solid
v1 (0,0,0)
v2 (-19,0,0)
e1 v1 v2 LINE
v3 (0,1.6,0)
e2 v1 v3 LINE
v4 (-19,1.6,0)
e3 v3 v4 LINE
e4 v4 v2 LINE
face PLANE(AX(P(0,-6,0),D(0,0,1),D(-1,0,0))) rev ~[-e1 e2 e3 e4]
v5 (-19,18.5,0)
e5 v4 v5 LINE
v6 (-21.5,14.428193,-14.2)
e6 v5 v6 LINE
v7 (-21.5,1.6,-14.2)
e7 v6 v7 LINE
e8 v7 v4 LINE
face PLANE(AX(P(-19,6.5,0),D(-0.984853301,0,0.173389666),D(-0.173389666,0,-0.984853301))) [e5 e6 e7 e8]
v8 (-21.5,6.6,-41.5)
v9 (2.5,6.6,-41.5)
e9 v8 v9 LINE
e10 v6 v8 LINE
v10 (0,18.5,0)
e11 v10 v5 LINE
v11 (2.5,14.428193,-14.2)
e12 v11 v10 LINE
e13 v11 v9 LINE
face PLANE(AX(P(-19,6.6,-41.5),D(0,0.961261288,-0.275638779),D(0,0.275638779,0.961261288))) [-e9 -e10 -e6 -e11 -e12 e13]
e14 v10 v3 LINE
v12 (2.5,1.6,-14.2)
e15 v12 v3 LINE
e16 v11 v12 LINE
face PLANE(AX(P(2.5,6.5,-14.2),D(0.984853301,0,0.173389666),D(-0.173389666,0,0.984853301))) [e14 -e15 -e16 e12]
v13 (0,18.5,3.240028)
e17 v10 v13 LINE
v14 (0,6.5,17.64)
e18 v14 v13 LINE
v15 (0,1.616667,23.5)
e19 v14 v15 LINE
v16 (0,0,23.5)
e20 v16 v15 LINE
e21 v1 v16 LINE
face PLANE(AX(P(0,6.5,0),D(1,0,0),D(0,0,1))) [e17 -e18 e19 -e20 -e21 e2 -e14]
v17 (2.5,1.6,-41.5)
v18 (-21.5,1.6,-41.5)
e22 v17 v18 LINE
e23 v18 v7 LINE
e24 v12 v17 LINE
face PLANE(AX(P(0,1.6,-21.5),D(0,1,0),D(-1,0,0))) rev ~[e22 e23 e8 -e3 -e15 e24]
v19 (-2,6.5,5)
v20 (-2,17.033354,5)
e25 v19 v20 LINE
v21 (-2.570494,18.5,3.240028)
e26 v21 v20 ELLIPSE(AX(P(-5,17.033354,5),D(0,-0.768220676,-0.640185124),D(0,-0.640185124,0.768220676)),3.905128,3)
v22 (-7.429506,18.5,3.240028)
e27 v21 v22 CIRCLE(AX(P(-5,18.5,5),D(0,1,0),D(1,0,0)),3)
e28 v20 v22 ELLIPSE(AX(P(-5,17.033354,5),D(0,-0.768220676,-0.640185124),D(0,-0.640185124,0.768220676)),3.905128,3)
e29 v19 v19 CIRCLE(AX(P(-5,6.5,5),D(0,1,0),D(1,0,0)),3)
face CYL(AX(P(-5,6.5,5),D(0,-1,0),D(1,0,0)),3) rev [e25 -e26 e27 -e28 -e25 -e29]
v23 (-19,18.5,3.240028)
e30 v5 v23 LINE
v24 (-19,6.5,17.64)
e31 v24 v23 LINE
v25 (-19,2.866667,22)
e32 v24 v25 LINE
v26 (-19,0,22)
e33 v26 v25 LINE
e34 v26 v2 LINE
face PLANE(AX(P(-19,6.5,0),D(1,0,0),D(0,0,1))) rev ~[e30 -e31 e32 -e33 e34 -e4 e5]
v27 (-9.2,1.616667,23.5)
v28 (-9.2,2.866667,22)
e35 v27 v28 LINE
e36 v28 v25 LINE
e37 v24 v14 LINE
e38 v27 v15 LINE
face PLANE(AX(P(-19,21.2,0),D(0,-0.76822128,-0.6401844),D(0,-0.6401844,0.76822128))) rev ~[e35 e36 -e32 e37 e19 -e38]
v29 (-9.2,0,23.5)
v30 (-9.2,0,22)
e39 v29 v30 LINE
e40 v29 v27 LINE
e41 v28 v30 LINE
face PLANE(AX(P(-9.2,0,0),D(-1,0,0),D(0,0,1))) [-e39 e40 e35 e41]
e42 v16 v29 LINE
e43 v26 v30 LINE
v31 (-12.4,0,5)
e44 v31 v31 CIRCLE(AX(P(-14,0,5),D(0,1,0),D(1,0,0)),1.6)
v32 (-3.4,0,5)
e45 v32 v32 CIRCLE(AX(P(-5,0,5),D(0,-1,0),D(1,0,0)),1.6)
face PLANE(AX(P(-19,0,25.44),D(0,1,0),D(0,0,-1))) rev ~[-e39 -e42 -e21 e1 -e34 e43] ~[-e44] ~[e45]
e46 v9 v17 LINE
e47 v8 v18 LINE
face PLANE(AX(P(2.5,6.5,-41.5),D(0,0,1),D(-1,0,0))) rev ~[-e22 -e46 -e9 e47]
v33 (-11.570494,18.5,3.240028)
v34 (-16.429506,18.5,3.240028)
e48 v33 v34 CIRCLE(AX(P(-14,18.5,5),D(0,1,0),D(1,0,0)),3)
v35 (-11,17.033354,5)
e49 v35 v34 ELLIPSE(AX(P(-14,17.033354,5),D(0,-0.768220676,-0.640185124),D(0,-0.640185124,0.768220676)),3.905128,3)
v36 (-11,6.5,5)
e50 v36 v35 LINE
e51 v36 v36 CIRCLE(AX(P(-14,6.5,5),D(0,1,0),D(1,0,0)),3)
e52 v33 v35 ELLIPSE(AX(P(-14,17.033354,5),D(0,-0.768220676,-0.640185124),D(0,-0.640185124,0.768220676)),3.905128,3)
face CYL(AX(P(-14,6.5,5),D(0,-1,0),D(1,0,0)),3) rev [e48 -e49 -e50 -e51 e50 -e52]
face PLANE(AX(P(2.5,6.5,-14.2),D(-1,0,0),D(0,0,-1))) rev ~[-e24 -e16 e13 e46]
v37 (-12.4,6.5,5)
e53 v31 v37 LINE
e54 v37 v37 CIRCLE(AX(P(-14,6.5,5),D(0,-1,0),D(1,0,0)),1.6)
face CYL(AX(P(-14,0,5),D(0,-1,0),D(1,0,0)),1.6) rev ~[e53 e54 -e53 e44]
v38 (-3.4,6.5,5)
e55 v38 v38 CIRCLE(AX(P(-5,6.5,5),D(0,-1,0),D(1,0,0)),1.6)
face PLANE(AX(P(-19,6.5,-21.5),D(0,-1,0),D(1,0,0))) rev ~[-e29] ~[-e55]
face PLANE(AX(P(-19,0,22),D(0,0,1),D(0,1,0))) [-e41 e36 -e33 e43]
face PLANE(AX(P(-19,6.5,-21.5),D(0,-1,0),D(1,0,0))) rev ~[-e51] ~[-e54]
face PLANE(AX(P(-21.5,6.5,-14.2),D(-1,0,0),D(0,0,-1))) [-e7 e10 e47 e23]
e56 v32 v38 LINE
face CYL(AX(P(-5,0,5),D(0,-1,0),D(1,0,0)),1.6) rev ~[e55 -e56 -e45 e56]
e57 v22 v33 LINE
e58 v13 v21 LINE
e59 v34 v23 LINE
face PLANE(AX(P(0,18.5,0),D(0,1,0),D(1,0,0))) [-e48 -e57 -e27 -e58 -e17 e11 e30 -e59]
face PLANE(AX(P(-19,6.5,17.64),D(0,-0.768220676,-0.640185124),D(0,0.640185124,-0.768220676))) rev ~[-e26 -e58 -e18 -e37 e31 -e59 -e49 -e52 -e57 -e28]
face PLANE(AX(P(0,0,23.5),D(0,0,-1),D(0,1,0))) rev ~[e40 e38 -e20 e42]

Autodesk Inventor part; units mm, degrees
sketch "Sketch2" plane through (0, 0, 0) normal (0, 1, 0) x (-1, 0, 0)
  line L0 (0, 0) -> (19, 0)
  line L1 (19, 0) -> (19, 22)
  line L2 (19, 22) -> (0, 22)
  line L3 (0, 22) -> (0, 0)
  line L4 (19, 22) -> (14, 22)
  line L5 (14, 22) -> (14, 5)
  line L6 (14, 5) -> (19, 5)
  line L7 (19, 5) -> (19, 22)
  line L8 (0, 22) -> (5, 22)
  line L9 (5, 22) -> (5, 5)
  line L10 (5, 5) -> (0, 5)
  line L11 (0, 5) -> (0, 22)
  circle A0 centre (14, 5) radius 1.7
  circle A1 centre (5, 5) radius 1.7
  dimension "d0" = 19
  dimension "d1" = 22
  dimension "d2" = 5
  dimension "d3" = 17
  dimension "d4" = 5
  dimension "d5" = 17
  dimension "d6" = 3.4
  dimension "d7" = 3.4
extrude "Extrusion1" add sketch "Sketch2" along normal blind 17.2 contours L3 L10 A1 L9 L2 L5 A0 L6 L1 L0 | L3 L2 L9 A1 L10 | L6 A0 L5 L2 L1
sketch "Sketch4" plane through (0, 0, 22) normal (1, 0, 0) x (0, 0, -1)
  line L0 (0, 0) -> (17.2, 0)
  line L1 (17.2, 0) -> (-6, 0)
  line L2 (-6, 0) -> (-6, -60)
  line L3 (-6, -60) -> (17.2, -60)
  line L4 (17.2, -60) -> (17.2, 0)
  line L5 (0, 0) -> (17.2, 0)
  line L6 (17.2, 0) -> (-6, 0)
  line L7 (-6, 0) -> (-6, -60)
  line L8 (-6, -60) -> (17.2, -60)
  line L9 (17.2, -60) -> (17.2, 0)
  line L10 (0, 0) -> (22, 0) projected
  line L11 (22, 0) -> (22, -6)
  line L12 (22, -6) -> (82, -6)
  line L13 (82, -6) -> (82, 17.2)
  line L14 (82, 17.2) -> (22, 17.2)
  line L15 (22, 17.2) -> (22, -6)
  point P0 (0, 22)
  point P1 (0, 22)
  dimension "d15" = 23.2
  dimension "d16" = 60
  dimension "d17" = 23.2
  dimension "d18" = 60
  dimension "d19" = 6
  dimension "d20" = 60
  dimension "d21" = 23.2
extrude "Extrusion2" add sketch "Sketch4" against normal blind 19 contours L15 L14 L13 L12 L11
sketch "Sketch5" plane through (0, -6, -60) normal (0, -1, 0) x (1, 0, 0)
  line L0 (0, 82) -> (0, 0) projected
  line L1 (-19, 82) -> (-19, 0) projected
  line L2 (0, 0) -> (-19, 0)
  line L3 (-19, 0) -> (-19, 38.5)
  line L4 (-19, 38.5) -> (0, 38.5)
  line L5 (0, 38.5) -> (0, 0)
  point P0 (0, 60)
  dimension "d24" = 38.5
extrude "Extrusion3" cut sketch "Sketch5" against normal blind 18.2
sketch "Sketch6" plane through (0, 17.2, 0) normal (0, 1, 0) x (1, 0, 0)
  line L0 (0, -22) -> (0, 0) projected
  line L1 (-19, 21.5) -> (-19, 0) projected
  line L2 (0, -22) -> (-19, -22)
  line L3 (-19, -22) -> (-19, 0)
  line L4 (-19, 0) -> (0, 0)
  line L5 (0, 0) -> (0, -22)
  dimension "d27" = 22
extrude "Extrusion4" cut sketch "Sketch6" against normal blind 10
sketch "Sketch7" plane through (0, 17.2, 0) normal (0, 1, 0) x (1, 0, 0)
  line L0 (0, -22) -> (0, 0) projected
  line L1 (0, 0) -> (-19, 0) projected
  line L2 (0, 0) -> (-19, 0)
  line L3 (-9.5, 0) -> (6.4, 0)
  line L4 (6.4, 0) -> (6.4, 21.5)
  line L5 (0, 0) -> (0, 21.5) projected
  line L6 (6.4, 21.5) -> (0, 21.5)
  line L7 (0, 21.5) -> (0, 0)
  line L8 (0, 0) -> (6.4, 0)
  line L9 (6.4, 0) -> (6.4, 21.5)
  line L10 (-19, 21.5) -> (-19, 0) projected
  line L11 (-9.5, 0) -> (-19, 0)
  line L12 (-19, 0) -> (-19, 21.5)
  line L13 (-19, 21.5) -> (-9.5, 21.5)
  line L14 (-9.5, 21.5) -> (-9.5, 0)
  line L15 (-9.5, 0) -> (-25.4, 0)
  line L16 (-25.4, 0) -> (-25.4, 21.5)
  line L17 (-25.4, 21.5) -> (-9.5, 21.5)
  line L18 (-9.5, 21.5) -> (-9.5, 0)
  line L19 (6.4, 21.5) -> (0, 0)
  line L20 (-25.4, 21.5) -> (-19, 0)
  dimension "d30" = 15.9
  dimension "d31" = 21.5
  dimension "d32" = 15.9
extrude "Extrusion5" add sketch "Sketch7" against normal blind 23.2 contours L5 L6 L19 | L20 L17 L10
sketch "Sketch8" plane through (0, 17.2, 0) normal (0, 1, 0) x (1, 0, 0)
  line L0 (6.4, 21.5) -> (0, 0) projected
  line L1 (0, 21.5) -> (0, 60) projected
  line L2 (6.4, 21.5) -> (0, 21.5)
  line L3 (0, 21.5) -> (0, 60)
  line L4 (0, 60) -> (6.4, 60)
  line L5 (6.4, 60) -> (6.4, 21.5)
  line L6 (-19, 60) -> (-19, 21.5) projected
  line L7 (-19, 0) -> (-25.4, 21.5) projected
  line L8 (-19, 60) -> (-25.4, 60)
  line L9 (-25.4, 60) -> (-25.4, 21.5)
  line L10 (-25.4, 21.5) -> (-19, 21.5)
  line L11 (-19, 21.5) -> (-19, 60)
extrude "Extrusion6" add sketch "Sketch8" against normal blind 5
chamfer "Chamfer1" [suppressed]
ref_plane "Work Plane1" through (-25.4, 8, -21.5) normal (0, -1, 0) x (1, 0, 0)
chamfer "Chamfer4" distance 12 angle 25 1 edges at (-9.5, 7.2, 22) measured on face at (-10.7991, 7.2, 16.8632)
sketch "Sketch10" plane through (0, 12.2, -60) normal (0, -1, 0) x (1, 0, 0)
  line L0 (-25.4, 38.5) -> (6.4, 38.5)
  line L1 (-25.4, 38.5) -> (6.4, 38.5)
  line L2 (-9.5, 38.5) -> (-9.5, 26)
  line L3 (-9.5, 26) -> (-9.5, 6)
  line L4 (-9.5, 16) -> (-19.5, 16)
  line L5 (-19.5, 16) -> (0.5, 16)
  circle A0 centre (-19.5, 16) radius 1.7
  circle A1 centre (-9.5, 6) radius 1.7
  circle A2 centre (-9.5, 26) radius 1.7
  circle A3 centre (0.5, 16) radius 1.7
  point P0 (0, 60)
  point P1 (0, 60)
  dimension "d70" = 12.5
  dimension "d71" = 20
  dimension "d72" = 10
  dimension "d73" = 20
  dimension "d74" = 3.4
  dimension "d75" = 3.4
  dimension "d76" = 3.4
  dimension "d77" = 3.4
extrude "Extrusion9" cut sketch "Sketch10" against normal blind 10
sketch "Sketch11" plane through (0, 17.2, 0) normal (0, 1, 0) x (1, 0, 0)
  circle A0 centre (0.5, 44) radius 1.7 projected
  circle A1 centre (0.5, 44) radius 3.25
  circle A2 centre (-9.5, 54) radius 1.7 projected
  circle A3 centre (-9.5, 54) radius 3.25
  circle A4 centre (-19.5, 44) radius 1.7 projected
  circle A5 centre (-19.5, 44) radius 3.25
  circle A6 centre (-9.5, 34) radius 1.7 projected
  circle A7 centre (-9.5, 34) radius 3.25
  point P0 (0, 60)
  dimension "d84" = 6.5
  dimension "d85" = 6.5
  dimension "d86" = 6.5
  dimension "d87" = 6.5
extrude "Extrusion10" cut sketch "Sketch11" against normal blind 3 contours A1 | A2 | A3 | A4 | A5 | A6 | A7
ref_plane "Work Plane2" through (-9.5, 17.2, -60) normal (-1, 0, 0) x (0, 0, 1)
chamfer "Chamfer6" [suppressed]
sketch "l" plane through (-19, 0, 0) normal (-1, 0, 0) x (0, 0, 1)
  line L0 (22, 1.6043) -> (10, 7.2) projected
  line L1 (10, 7.2) -> (32.2401, -3.1707)
  line L2 (0, 0) -> (22, 0) projected
  line L3 (0, 0) -> (30.1828, 0)
  line L4 (22, 0) -> (23.5, 0)
  line L5 (23.5, 0) -> (23.5, 4.1635)
  line L6 (22, 0) -> (22, 1.6043) projected
  line L7 (22, 1.6043) -> (22, 0)
  point P0 (23.5, 0.9048)
  dimension "d104" = 1.5
extrude "Extrusion12" add sketch "l" against normal blind 9.2 contours L1 L5 L3 L6
sketch "Sketch14" plane through (-19, 0, 0) normal (-1, 0, 0) x (0, 0, 1)
  line L0 (0, 17.2) -> (25.44, 17.2)
  line L1 (25.44, 17.2) -> (25.44, 0)
  line L2 (25.44, 0) -> (0, 0)
  line L3 (0, 0) -> (0, 17.2)
  line L4 (0, 17.2) -> (25.44, 0)
  dimension "d107" = 25.44
extrude "Extrusion13" add sketch "Sketch14" against normal blind 19 contours L4 L2 L3
sketch "Sketch15" plane through (0, 0, 0) normal (0, -1, 0) x (1, 0, 0)
  line L0 (6.4, -21.5) -> (0, 0) projected
  line L1 (0, 0) -> (0, 5)
  line L2 (0, 25.44) -> (0, 0) projected
  line L3 (0, 5) -> (0, 10)
  line L4 (0, 5) -> (-5, 5)
  line L5 (0, 0) -> (-19, 0) projected
  line L6 (-19, 0) -> (-19, 5)
  line L7 (-19, 0) -> (-19, 25.44) projected
  line L8 (-19, 5) -> (-14, 5)
  circle A0 centre (-14, 5) radius 1.6
  circle A1 centre (-5, 5) radius 1.6
  point P0 (0.5177, -1.7393)
  point P1 (0.9, -3.0234)
  dimension "d110" = 5
  dimension "d111" = 5
  dimension "d112" = 5
  dimension "d113" = 5
  dimension "d114" = 5
  dimension "d115" = 3.2
  dimension "d116" = 3.2
extrude "Extrusion14" cut sketch "Sketch15" against normal blind 19
ref_plane "Work Plane3" through (0, 6.5, 0) normal (0, -1, 0) x (1, 0, 0)
sketch "Sketch16" plane through (0, 6.5, 0) normal (0, -1, 0) x (1, 0, 0)
  circle A0 centre (-14, 5) radius 1.6 projected
  circle A1 centre (-14, 5) radius 3
  circle A2 centre (-5, 5) radius 1.6 projected
  circle A3 centre (-5, 5) radius 3
  point P0 (0, 0)
  dimension "d120" = 6
  dimension "d121" = 6
extrude "Extrusion15" cut sketch "Sketch16" against normal blind 19
sketch "Sketch17" plane through (0, 17.2, 0) normal (0, 1, 0) x (1, 0, 0)
  line L0 (6.4, 60) -> (-25.4, 60) projected
  line L1 (0, 0) -> (6.4, 21.5) projected
  line L2 (6.4, 60) -> (6.4, 21.5)
  line L3 (0, 0) -> (-19, 0) projected
  line L4 (6.4, 21.5) -> (0, 0)
  line L5 (0, 0) -> (-19, 0)
  line L6 (-19, 0) -> (-25.4, 21.5)
  line L7 (-25.4, 21.5) -> (-25.4, 60)
  line L8 (-25.4, 60) -> (6.4, 60)
  circle A0 centre (-9.5, 54) radius 3.25 projected
  circle A1 centre (-9.5, 54) radius 3.25
  circle A2 centre (0.5, 44) radius 1.7 projected
  circle A3 centre (0.5, 44) radius 3.25
  circle A4 centre (-9.5, 34) radius 1.7 projected
  circle A5 centre (-9.5, 34) radius 3.25
  circle A6 centre (-19.5, 44) radius 1.7 projected
  circle A7 centre (-19.5, 44) radius 3.25
extrude "Extrusion16" add sketch "Sketch17" along normal blind 4 contours L2 L1 L3 L6 L7 L0
sketch "Sketch18" plane through (-19, 0, 0) normal (-1, 0, 0) x (0, 0, 1)
  line L0 (0, 21.2) -> (25.44, 0)
  line L1 (25.44, 0) -> (0, 17.2)
  line L2 (0, 17.2) -> (0, 21.2) projected
  line L3 (0, 17.2) -> (0, 21.2)
  point P0 (0, 0)
extrude "Extrusion17" add sketch "Sketch18" against normal blind 19
extrude "Extrusion18" cut sketch "Sketch16" against normal blind 19 contours A0 | A1 | A2 | A3
sketch "Sketch20" plane through (0, 0, 25.44) normal (1, 0, 0) x (0, 0, -1)
  line L0 (25.44, 0) -> (0, 0) projected
  line L1 (0, 0) -> (1.94, 0)
  line L2 (1.94, 0) -> (1.94, 2.92)
  line L3 (1.94, 2.92) -> (0, 2.92)
  line L4 (0, 2.92) -> (0, 0)
  point P0 (1.94, 0)
  dimension "d148" = 1.94
extrude "Extrusion19" cut sketch "Sketch20" against normal blind 9.2
sketch "Sketch21" plane through (-19, 0, 0) normal (-1, 0, 0) x (0, 0, 1)
  line L0 (25.44, 0) -> (0, 21.2) projected
  line L1 (25.44, 0) -> (22, 0)
  line L2 (22, 0) -> (22, 4.8404)
  line L3 (22, 4.8404) -> (25.44, 4.8404)
  line L4 (25.44, 4.8404) -> (25.44, 0)
  point P0 (0, 0)
  point P1 (16.0198, 7.8502)
  dimension "d151" = 3.44
extrude "Extrusion20" cut sketch "Sketch21" against normal blind 9.8
sketch "Sketch22" plane through (-25.4, -6, -21.5) normal (0, -1, 0) x (1, 0, 0)
  line L0 (0, 0) -> (6.4, 21.5)
  line L1 (25.4, 21.5) -> (6.4, 21.5) projected
  line L2 (6.4, 21.5) -> (25.4, 21.5)
  line L3 (25.4, 21.5) -> (31.8, 0)
  line L4 (6.4, 21.5) -> (0, 0) projected
  line L5 (31.8, 0) -> (0, 0)
extrude "Extrusion21" cut sketch "Sketch22" against normal blind 7.6
sketch "Sketch23" plane through (-25.4, 1.6, -21.5) normal (0, -1, 0) x (1, 0, 0)
  line L0 (0, 0) -> (6.4, 21.5) projected
  line L1 (6.4, 21.5) -> (-4.398, 21.5)
  line L2 (-4.398, 21.5) -> (-4.398, -43.3957)
  line L3 (-4.398, -43.3957) -> (6.4, -43.3957)
  line L4 (6.4, -43.3957) -> (6.4, 21.5)
  line L5 (25.4, 21.5) -> (31.8, 0) projected
  line L6 (25.4, 21.5) -> (33.9316, 21.5)
  line L7 (33.9316, 21.5) -> (33.9316, -42.1701)
  line L8 (33.9316, -42.1701) -> (25.4, -42.1701)
  line L9 (25.4, -42.1701) -> (25.4, 21.5)
  line L10 (0, 0) -> (31.8, 0) projected
  line L11 (31.8, -38.5) -> (0, -38.5) projected
  line L12 (0, 0) -> (31.8, 0)
  line L13 (31.8, 0) -> (31.8, -38.5)
  line L14 (31.8, -38.5) -> (0, -38.5)
  line L15 (0, -38.5) -> (0, 0)
  point P0 (0, -38.5)
  point P1 (25.4, 0)
  point P2 (6.4, 0)
extrude "Extrusion22" cut sketch "Sketch23" against normal blind 40 contours L0 L4 L10 | L10 L4 L11 L15 | L10 L9 L11 L4 | L10 L13 L11 L9 | L9 L5 L10
sketch "Sketch25" plane through (0, 21.2, 0) normal (0, 1, 0) x (1, 0, 0)
  line L0 (8.5307, 32.4307) -> (-26.8903, 32.4307)
  line L1 (-26.8903, 32.4307) -> (-26.8903, -40.3587)
  line L2 (-26.8903, -40.3587) -> (8.5307, -40.3587)
  line L3 (8.5307, -40.3587) -> (8.5307, 32.4307)
  point P0 (0, 0)
extrude "Extrusion23" cut sketch "Sketch25" against normal blind 14.7
sketch "Sketch26" plane through (0, 6.5, -21.5) normal (0, 0, -1) x (-1, 0, 0)
  line L0 (0, -4.9) -> (19, -4.9) projected
  line L1 (19, -3.6333) -> (19, 0) projected
  line L2 (0, -4.9) -> (19, -4.9)
  line L3 (19, -4.9) -> (19, 0)
  line L4 (19, 0) -> (0, 0)
  line L5 (0, 0) -> (0, -4.9)
  point P0 (0, -6.5)
extrude "Extrusion24" add sketch "Sketch26" along normal blind 20
sketch "Sketch27" plane through (-25.4, 1.6, -21.5) normal (0, -1, 0) x (1, 0, 0)
  line L0 (6.4, 39.14) -> (6.4, -20) projected
  line L1 (6.4, -20) -> (3.9, -20)
  line L2 (3.9, -20) -> (3.9, 21.5)
  line L3 (3.9, 21.5) -> (6.4, 21.5)
  line L4 (6.4, 21.5) -> (6.4, -20)
  line L5 (25.4, 45) -> (25.4, 21.5) projected
  line L6 (25.4, 21.5) -> (27.9, 21.5)
  line L7 (27.9, 21.5) -> (27.9, -20)
  line L8 (27.9, -20) -> (25.4, -20)
  line L9 (25.4, -20) -> (25.4, 21.5)
  point P0 (6.4, 21.5)
  dimension "d165" = 2.5
  dimension "d166" = 2.5
extrude "Extrusion25" add sketch "Sketch27" against normal blind 4.9
sketch "Sketch28" plane through (-25.4, 1.6, -21.5) normal (0, -1, 0) x (1, 0, 0)
  line L0 (6.4, 39.14) -> (6.4, 21.5) projected
  line L1 (6.4, 21.5) -> (6.4, 7.3)
  line L2 (6.4, 7.3) -> (2.4289, 7.3)
  line L3 (3.9, -20) -> (3.9, 21.5) projected
  line L4 (6.4, 21.5) -> (25.4, 21.5) projected
  line L5 (3.9, 7.3) -> (6.4, 21.5)
  line L6 (3.9, 21.5) -> (6.4, 21.5)
  line L7 (6.4, 21.5) -> (6.4, 7.3)
  line L8 (6.4, 7.3) -> (3.9, 7.3)
  line L9 (3.9, 7.3) -> (3.9, 21.5)
  line L10 (15.9, 21.5) -> (15.9, 25.242)
  line L11 (15.9, 25.242) -> (15.9, 16.8089)
  line L12 (25.4, 39.14) -> (25.4, 21.5)
  line L13 (25.4, 21.5) -> (25.4, 7.3)
  line L14 (25.4, 7.3) -> (29.3711, 7.3)
  line L15 (27.9, -20) -> (27.9, 21.5)
  line L16 (25.4, 21.5) -> (6.4, 21.5)
  line L17 (27.9, 7.3) -> (25.4, 21.5)
  line L18 (27.9, 21.5) -> (25.4, 21.5)
  line L19 (25.4, 21.5) -> (25.4, 7.3)
  line L20 (25.4, 7.3) -> (27.9, 7.3)
  line L21 (27.9, 7.3) -> (27.9, 21.5)
  point P0 (6.4, 21.5)
  dimension "d169" = 14.2
extrude "Extrusion26" cut sketch "Sketch28" against normal blind 10 contours L18 L15 L17 | L5 L3 L6
sketch "Sketch29" plane through (0, 6.5, 0) normal (0, 1, 0) x (1, 0, 0)
  line L0 (-19, -22) -> (-19, -17.64) projected
  line L1 (-19, 0) -> (-19, -22) projected
  line L2 (-19, -17.64) -> (-19, 0)
  line L3 (-21.5, 14.2) -> (-21.5, 41.5) projected
  line L4 (-19, 0) -> (-21.5, 14.2)
  line L5 (-21.5, 14.2) -> (-21.5, 41.5)
  line L6 (2.5, 41.5) -> (-21.5, 41.5) projected
  line L7 (-21.5, 41.5) -> (2.5, 41.5)
  line L8 (2.5, 14.2) -> (2.5, 41.5) projected
  line L9 (2.5, 41.5) -> (2.5, 14.2)
  line L10 (2.5, 14.2) -> (0, 0)
  line L11 (0, -17.64) -> (-19, -17.64) projected
  line L12 (0, 0) -> (0, -17.64)
  line L13 (0, -17.64) -> (-19, -17.64)
  circle A0 centre (-14, -5) radius 1.6 projected
  circle A1 centre (-14, -5) radius 3
  circle A2 centre (-5, -5) radius 1.6 projected
  circle A3 centre (-5, -5) radius 3
  dimension "d172" = 6
  dimension "d173" = 6
extrude "Extrusion27" add sketch "Sketch29" along normal blind 12 contours L4 L3 L6 L8 L10 L12 L11 L1
sketch "Sketch30" plane through (-19, 0, 22) normal (-1, 0, 0) x (0, 0, 1)
  line L0 (-4.36, 6.5) -> (1.5, 1.6167) projected
  line L1 (1.5, 1.6167) -> (-4.36, 6.5)
  line L2 (-4.36, 6.5) -> (-25.2198, 23.8832)
  line L3 (-25.2198, 23.8832) -> (-1.43, 23.8832)
  line L4 (-14, 18.5) -> (-14, 6.5) projected
  line L5 (-1.43, 23.8832) -> (-4.36, 6.5)
  point P0 (-22, 0)
  dimension "d176" = 180
extrude "Extrusion28" cut sketch "Sketch30" along normal mid plane 50
sketch "Sketch31" plane through (-19, 0, 22) normal (-1, 0, 0) x (0, 0, 1)
  line L0 (-22, 1.6) -> (-22, 18.5) projected
  line L1 (-36.2, 1.6) -> (-63.5, 1.6) projected
  line L2 (-22, 1.6) -> (-63.5, 1.6)
  line L3 (-63.5, 1.6) -> (-63.5, 6.6)
  line L4 (-63.5, 1.6) -> (-63.5, 18.5) projected
  line L5 (-22, 18.5) -> (-22, 1.6) projected
  line L6 (-63.5, 6.6) -> (-22, 18.5)
  line L7 (-22, 18.5) -> (-22, 1.6)
  line L8 (-63.5, 6.6) -> (-22, 18.5)
  line L9 (-22, 18.5) -> (-18.76, 18.5) projected
  line L10 (-63.5, 18.5) -> (-22, 18.5)
  line L11 (-63.5, 18.5) -> (-36.2, 18.5) projected
  line L12 (-22, 18.5) -> (-63.5, 18.5)
  line L13 (-63.5, 18.5) -> (-63.5, 6.6)
  point P0 (-22, 0)
  dimension "d179" = 5
extrude "Extrusion29" cut sketch "Sketch31" along normal mid plane 50 contours L6 L4 L10
properties part number "Finger_right_3"
